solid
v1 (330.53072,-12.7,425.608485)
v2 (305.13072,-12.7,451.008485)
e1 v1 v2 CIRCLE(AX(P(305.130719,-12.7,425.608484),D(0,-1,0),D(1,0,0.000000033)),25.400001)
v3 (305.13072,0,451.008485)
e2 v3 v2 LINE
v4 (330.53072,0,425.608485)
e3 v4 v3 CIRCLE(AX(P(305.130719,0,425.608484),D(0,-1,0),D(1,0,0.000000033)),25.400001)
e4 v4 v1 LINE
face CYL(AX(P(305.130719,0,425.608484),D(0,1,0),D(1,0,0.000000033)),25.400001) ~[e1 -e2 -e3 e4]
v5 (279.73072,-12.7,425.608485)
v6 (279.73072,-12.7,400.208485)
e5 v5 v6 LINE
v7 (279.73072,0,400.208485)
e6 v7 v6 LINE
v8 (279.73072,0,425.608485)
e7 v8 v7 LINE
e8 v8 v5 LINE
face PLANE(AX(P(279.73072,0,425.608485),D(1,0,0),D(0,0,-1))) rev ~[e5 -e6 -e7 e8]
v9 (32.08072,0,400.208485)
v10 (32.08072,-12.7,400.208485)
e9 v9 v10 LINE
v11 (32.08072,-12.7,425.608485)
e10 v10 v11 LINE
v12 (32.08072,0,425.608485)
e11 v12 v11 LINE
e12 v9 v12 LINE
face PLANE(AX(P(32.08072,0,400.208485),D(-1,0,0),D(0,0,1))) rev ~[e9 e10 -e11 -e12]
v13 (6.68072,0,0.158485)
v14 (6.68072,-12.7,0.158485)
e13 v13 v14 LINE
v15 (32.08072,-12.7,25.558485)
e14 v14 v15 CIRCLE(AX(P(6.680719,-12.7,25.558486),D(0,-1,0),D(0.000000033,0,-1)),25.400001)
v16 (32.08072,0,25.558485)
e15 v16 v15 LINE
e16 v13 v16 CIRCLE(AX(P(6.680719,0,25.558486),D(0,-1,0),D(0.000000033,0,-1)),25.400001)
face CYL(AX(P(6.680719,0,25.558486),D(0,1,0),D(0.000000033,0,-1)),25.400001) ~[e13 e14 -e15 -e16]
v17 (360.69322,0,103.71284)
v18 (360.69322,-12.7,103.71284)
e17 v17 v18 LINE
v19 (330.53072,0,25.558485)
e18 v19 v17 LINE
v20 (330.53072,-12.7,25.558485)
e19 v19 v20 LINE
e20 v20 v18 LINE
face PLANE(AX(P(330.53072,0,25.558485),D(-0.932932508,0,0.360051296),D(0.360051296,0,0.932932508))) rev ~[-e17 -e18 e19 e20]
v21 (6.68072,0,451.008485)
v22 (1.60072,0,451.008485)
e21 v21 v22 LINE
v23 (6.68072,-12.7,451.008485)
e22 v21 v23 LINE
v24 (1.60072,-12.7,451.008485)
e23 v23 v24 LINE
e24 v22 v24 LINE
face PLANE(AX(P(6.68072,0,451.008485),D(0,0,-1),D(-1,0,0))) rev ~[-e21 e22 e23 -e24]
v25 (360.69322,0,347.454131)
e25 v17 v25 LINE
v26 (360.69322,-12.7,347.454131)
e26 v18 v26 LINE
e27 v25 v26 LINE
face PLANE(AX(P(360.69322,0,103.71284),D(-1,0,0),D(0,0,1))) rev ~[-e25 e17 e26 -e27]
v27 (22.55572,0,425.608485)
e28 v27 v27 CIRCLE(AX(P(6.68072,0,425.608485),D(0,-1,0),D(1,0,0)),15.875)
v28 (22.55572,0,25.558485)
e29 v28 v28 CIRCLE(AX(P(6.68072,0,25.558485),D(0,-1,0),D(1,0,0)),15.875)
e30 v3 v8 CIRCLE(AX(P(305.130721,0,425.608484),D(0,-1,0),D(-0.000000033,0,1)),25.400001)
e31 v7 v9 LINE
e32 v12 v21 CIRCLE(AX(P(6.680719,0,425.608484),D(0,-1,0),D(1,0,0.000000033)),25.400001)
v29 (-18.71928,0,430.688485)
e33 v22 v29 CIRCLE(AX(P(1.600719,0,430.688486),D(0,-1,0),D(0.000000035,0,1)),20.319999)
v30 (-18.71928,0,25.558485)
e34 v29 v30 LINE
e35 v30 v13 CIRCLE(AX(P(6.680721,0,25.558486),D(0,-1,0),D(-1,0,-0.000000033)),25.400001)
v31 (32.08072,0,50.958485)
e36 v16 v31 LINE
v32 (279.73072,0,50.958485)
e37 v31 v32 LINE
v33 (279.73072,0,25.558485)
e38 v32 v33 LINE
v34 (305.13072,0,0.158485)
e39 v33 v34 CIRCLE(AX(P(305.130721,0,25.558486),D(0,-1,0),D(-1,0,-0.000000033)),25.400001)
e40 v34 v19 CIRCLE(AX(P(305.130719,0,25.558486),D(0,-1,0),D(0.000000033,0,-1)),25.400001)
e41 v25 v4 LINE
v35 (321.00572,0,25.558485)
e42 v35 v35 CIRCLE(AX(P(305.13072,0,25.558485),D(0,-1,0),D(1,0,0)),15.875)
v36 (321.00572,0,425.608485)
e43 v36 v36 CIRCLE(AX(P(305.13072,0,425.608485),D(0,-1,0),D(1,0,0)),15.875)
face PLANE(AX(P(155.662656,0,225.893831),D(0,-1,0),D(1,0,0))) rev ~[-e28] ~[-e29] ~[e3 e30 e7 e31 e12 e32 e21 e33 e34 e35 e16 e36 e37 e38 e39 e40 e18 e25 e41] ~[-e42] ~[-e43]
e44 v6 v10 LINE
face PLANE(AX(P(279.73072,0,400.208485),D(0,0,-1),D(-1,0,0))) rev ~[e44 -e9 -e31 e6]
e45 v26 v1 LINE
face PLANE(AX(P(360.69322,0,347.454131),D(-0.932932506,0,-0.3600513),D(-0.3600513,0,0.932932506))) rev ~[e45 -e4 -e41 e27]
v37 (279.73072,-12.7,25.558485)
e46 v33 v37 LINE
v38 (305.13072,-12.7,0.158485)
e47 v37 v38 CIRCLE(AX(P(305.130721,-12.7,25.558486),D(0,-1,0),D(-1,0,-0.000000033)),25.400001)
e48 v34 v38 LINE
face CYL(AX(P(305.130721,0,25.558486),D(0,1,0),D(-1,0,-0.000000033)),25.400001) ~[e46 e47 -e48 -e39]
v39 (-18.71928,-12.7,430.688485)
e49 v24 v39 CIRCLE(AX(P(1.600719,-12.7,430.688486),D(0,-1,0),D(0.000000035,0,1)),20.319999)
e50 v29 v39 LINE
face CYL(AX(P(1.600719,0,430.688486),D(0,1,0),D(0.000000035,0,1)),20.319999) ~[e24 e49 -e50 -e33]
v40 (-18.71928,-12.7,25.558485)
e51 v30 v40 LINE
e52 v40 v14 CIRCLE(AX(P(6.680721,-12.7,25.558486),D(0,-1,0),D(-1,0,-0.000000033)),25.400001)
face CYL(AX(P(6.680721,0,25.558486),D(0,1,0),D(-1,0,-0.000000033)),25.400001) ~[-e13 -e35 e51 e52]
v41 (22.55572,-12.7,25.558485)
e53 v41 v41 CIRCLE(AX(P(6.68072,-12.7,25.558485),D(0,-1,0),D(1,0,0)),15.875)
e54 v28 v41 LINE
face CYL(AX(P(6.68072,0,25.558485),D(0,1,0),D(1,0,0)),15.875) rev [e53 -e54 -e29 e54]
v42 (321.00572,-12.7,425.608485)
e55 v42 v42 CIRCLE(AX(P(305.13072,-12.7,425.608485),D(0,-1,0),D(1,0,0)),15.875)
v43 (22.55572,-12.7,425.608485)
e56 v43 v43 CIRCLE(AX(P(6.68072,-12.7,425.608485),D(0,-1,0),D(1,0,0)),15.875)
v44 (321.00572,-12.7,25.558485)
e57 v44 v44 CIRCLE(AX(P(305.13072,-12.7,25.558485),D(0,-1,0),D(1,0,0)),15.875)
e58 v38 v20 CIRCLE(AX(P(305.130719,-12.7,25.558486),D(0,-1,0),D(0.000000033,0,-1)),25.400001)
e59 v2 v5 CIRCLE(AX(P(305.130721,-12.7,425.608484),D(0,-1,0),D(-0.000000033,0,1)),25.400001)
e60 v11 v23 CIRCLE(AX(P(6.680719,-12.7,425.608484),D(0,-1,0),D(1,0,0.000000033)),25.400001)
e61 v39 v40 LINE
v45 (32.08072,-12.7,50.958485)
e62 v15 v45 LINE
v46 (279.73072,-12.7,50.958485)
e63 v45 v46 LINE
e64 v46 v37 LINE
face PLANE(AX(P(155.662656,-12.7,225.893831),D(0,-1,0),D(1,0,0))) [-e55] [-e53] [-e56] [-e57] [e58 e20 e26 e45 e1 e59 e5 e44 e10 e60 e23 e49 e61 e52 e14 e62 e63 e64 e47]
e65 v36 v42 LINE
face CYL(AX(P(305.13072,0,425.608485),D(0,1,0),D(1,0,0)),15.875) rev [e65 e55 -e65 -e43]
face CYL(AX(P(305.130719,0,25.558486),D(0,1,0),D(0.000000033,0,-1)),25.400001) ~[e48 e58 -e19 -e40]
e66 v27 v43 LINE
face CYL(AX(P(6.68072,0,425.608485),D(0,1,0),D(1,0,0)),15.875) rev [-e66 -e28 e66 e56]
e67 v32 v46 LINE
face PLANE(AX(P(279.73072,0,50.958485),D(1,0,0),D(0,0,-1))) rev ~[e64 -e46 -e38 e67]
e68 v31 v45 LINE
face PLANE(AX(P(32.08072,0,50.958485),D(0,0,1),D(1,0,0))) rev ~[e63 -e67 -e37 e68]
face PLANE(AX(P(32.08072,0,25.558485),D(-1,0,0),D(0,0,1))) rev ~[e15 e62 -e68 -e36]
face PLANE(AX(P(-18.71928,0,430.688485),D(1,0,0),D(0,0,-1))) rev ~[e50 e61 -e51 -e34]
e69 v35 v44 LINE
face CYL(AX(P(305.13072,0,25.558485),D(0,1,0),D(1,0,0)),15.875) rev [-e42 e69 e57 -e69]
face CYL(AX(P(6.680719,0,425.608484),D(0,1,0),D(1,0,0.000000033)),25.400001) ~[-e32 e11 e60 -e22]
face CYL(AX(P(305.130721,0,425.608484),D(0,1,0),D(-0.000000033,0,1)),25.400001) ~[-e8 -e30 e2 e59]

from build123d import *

# Parameters (mm, degrees)
F0_R     = 15.875
F1_DEPTH = 12.7


with BuildPart() as f1:
    # F0 (on Front) → F1 (new body)
    with BuildSketch(Plane.XZ):
        with BuildLine():
            Line((6.68072, 451.008485), (1.60072, 451.008485))
            ThreePointArc((1.60072, 451.008485), (-12.76769, 445.056895), (-18.71928, 430.688485))
            Line((-18.71928, 430.688485), (-18.71928, 25.558485))
            ThreePointArc((-18.71928, 25.558485), (-11.279792, 7.597973), (6.68072, 0.158485))
            ThreePointArc((6.68072, 0.158485), (24.641232, 7.597973), (32.08072, 25.558485))
            Line((32.08072, 25.558485), (32.08072, 50.958485))
            Line((32.08072, 50.958485), (279.73072, 50.958485))
            Line((279.73072, 50.958485), (279.73072, 25.558485))
            ThreePointArc((279.73072, 25.558485), (287.170208, 7.597973), (305.13072, 0.158485))
            ThreePointArc((305.13072, 0.158485), (323.091232, 7.597973), (330.53072, 25.558485))
            Line((330.53072, 25.558485), (330.53072, 425.608485))
            ThreePointArc((330.53072, 425.608485), (323.091232, 443.568997), (305.13072, 451.008485))
            ThreePointArc((305.13072, 451.008485), (287.170208, 443.568997), (279.73072, 425.608485))
            Line((279.73072, 425.608485), (279.73072, 400.208485))
            Line((279.73072, 400.208485), (32.08072, 400.208485))
            Line((32.08072, 400.208485), (32.08072, 425.608485))
            ThreePointArc((32.08072, 425.608485), (24.641232, 443.568997), (6.68072, 451.008485))
        make_face()
        with Locations((6.68072, 25.558485)):
            Circle(F0_R, mode=Mode.SUBTRACT)
        with Locations((305.13072, 25.558485)):
            Circle(F0_R, mode=Mode.SUBTRACT)
        with Locations((6.68072, 425.608485)):
            Circle(F0_R, mode=Mode.SUBTRACT)
        with Locations((305.13072, 425.608485)):
            Circle(F0_R, mode=Mode.SUBTRACT)
        Polygon((360.69322, 347.454131), (330.53072, 425.608485), (330.53072, 25.558485), (360.69322, 103.71284), align=None)
    extrude(amount=F1_DEPTH)


solid = f1.part
